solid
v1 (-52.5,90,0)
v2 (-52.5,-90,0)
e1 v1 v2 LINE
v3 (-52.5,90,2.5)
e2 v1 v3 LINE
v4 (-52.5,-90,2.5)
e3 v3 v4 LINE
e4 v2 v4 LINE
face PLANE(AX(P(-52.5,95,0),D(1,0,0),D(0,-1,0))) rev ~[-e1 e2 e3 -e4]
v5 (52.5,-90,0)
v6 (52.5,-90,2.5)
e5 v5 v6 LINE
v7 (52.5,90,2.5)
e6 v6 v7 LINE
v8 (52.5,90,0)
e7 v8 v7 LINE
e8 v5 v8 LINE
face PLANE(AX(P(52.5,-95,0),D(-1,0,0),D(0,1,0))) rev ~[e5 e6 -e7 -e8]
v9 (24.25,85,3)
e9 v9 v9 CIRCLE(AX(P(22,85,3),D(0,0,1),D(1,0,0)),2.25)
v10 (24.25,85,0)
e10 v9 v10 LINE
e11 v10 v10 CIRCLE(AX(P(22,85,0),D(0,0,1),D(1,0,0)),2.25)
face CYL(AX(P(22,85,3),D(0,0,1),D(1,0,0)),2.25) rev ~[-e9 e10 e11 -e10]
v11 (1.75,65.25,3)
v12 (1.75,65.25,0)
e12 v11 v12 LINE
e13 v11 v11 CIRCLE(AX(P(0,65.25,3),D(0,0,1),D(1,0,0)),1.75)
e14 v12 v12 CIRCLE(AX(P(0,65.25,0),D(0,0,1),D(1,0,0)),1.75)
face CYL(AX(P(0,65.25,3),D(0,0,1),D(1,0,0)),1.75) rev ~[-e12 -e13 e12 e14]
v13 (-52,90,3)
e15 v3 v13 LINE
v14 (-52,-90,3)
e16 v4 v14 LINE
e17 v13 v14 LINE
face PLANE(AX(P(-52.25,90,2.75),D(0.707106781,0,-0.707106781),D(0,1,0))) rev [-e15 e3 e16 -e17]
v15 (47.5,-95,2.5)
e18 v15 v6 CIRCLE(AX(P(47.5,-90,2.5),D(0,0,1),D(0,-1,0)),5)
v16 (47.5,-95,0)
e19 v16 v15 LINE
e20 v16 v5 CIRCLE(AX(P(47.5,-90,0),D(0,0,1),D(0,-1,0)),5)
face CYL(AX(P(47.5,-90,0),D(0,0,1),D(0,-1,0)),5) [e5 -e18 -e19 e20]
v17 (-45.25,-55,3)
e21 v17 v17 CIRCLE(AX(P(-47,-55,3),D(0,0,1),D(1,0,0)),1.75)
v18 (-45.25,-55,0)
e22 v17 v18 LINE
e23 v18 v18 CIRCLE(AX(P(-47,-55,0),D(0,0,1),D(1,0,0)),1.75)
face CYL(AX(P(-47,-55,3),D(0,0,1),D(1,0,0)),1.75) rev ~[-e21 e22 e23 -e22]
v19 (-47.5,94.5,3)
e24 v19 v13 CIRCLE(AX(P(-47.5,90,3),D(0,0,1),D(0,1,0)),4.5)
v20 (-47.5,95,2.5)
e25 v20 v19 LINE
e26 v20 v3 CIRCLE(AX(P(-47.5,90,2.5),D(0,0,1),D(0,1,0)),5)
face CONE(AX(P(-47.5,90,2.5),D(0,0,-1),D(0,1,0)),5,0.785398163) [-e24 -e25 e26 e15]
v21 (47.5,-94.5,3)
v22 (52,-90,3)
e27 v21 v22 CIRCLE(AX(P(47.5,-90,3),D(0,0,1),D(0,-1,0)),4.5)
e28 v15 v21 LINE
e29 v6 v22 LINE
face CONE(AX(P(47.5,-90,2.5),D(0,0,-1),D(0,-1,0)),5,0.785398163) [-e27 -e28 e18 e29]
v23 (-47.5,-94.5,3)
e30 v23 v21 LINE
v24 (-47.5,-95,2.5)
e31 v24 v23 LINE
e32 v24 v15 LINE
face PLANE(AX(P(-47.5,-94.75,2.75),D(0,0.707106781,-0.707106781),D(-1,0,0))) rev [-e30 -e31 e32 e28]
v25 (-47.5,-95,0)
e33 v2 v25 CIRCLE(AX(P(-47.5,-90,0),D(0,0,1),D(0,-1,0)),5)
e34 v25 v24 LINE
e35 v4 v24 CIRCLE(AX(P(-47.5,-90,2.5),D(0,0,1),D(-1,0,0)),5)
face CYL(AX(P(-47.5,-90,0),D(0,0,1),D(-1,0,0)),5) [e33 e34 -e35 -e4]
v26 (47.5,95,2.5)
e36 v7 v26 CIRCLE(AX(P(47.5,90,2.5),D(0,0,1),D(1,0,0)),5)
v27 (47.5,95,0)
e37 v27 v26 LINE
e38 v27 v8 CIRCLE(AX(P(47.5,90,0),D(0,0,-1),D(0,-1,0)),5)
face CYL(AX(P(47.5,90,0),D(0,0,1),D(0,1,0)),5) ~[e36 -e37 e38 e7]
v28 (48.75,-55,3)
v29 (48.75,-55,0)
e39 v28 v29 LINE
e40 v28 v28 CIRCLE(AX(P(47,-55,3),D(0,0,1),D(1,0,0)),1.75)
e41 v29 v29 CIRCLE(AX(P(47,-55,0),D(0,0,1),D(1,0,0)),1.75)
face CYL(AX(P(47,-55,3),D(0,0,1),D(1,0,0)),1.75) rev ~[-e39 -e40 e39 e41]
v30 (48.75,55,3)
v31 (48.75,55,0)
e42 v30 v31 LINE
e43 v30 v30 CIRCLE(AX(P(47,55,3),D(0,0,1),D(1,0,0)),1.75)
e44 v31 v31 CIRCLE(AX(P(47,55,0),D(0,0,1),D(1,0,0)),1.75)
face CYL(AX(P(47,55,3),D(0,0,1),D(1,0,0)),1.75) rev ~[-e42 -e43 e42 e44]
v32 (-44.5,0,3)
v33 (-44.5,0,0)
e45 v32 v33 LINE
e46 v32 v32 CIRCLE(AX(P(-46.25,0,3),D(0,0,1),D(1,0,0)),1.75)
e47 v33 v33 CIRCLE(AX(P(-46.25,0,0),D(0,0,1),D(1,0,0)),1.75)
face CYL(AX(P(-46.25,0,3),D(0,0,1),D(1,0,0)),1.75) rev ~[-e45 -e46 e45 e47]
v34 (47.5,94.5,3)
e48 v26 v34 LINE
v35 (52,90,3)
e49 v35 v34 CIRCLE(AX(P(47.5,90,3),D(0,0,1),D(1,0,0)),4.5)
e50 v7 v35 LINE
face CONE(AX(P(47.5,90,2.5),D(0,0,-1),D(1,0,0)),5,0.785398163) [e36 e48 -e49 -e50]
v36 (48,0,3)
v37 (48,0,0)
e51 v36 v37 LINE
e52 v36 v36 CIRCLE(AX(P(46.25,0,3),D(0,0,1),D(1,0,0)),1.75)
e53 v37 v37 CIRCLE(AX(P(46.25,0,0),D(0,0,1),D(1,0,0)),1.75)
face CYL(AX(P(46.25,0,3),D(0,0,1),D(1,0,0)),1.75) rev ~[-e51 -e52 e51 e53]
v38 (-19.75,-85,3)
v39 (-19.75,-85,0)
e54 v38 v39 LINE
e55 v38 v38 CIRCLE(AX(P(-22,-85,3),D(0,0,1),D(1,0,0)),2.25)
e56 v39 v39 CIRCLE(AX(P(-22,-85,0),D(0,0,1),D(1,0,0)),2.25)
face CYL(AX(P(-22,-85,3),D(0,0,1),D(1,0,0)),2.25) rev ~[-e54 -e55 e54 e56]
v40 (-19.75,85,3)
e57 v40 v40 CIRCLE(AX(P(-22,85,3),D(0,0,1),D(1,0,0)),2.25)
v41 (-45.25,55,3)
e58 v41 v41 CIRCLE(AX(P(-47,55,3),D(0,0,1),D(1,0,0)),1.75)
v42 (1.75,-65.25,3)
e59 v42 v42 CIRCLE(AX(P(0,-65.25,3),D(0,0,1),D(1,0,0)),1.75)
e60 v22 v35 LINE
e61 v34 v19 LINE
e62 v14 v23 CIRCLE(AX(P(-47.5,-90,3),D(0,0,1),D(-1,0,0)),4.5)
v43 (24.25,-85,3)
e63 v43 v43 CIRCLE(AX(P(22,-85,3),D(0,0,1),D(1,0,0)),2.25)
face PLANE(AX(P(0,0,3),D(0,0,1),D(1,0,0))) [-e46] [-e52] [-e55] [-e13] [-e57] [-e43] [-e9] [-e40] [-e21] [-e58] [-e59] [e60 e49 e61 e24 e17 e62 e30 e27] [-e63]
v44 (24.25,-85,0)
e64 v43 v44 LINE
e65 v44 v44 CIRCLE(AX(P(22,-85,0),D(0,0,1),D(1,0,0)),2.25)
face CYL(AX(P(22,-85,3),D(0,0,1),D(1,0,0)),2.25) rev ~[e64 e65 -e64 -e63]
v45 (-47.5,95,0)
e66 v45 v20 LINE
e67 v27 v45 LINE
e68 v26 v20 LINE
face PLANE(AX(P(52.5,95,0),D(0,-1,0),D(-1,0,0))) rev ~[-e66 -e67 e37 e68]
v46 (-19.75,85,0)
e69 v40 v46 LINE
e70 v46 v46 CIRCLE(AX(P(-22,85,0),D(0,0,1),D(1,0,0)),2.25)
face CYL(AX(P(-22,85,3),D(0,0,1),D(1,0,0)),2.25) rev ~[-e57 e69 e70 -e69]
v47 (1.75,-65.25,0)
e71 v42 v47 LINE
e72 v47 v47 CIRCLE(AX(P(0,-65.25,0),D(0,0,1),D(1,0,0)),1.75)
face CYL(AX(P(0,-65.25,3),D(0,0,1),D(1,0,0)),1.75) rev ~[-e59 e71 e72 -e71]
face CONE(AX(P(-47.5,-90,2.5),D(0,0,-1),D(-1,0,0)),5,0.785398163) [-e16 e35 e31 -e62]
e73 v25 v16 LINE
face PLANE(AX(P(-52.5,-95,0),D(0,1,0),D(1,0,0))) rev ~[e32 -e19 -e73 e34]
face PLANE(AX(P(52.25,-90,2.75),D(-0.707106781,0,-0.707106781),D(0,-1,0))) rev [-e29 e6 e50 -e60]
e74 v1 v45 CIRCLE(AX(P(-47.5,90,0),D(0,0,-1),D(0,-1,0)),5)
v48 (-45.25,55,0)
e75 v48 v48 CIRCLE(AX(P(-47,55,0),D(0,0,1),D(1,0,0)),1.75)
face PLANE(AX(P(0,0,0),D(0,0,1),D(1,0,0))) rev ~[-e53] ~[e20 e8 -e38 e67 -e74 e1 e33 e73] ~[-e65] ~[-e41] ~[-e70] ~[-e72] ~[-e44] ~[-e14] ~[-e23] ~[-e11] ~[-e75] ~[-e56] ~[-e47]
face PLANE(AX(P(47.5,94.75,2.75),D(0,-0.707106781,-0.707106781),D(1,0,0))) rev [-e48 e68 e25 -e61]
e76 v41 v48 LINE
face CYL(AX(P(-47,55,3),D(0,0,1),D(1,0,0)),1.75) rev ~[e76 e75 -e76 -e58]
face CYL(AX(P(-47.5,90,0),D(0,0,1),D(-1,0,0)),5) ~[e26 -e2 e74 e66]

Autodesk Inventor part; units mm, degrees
ref_plane "YZ Plane" through (0, 0, 0) normal (1, 0, 0) x (0, 1, 0)
ref_plane "XZ Plane" through (0, 0, 0) normal (0, 1, 0) x (-1, 0, 0)
ref_plane "XY Plane" through (0, 0, 0) normal (0, 0, 1) x (1, 0, 0)
sketch "Sketch1" plane through (0, 0, 0) normal (0, 0, 1) x (1, 0, 0)
  line L0 (-52.5, -95) -> (52.5, -95)
  line L1 (52.5, -95) -> (52.5, 95)
  line L2 (52.5, 95) -> (-52.5, 95)
  line L3 (-52.5, 95) -> (-52.5, -95)
  line L4 (-52.5, -95) -> (52.5, 95) construction
  line L5 (52.5, -95) -> (-52.5, 95) construction
  point P0 (0, 0)
  dimension "d0" = 190
  dimension "d1" = 105
extrude "Extrusion1" add sketch "Sketch1" along normal blind 3
sketch "Sketch2" plane through (0, 0, 3) normal (0, 0, 1) x (1, 0, 0)
  circle A0 centre (-47, 55) radius 1.75
  line L0 (-52.5, 95) -> (-52.5, -95) construction
  line L1 (-73.5, 0) -> (73.5, 0) projected
  line L2 (0, 133) -> (0, -133) projected
  circle A1 centre (47, 55) radius 1.75
  circle A2 centre (-47, -55) radius 1.75
  circle A3 centre (47, -55) radius 1.75
  point P0 (0, 0)
  point P1 (52.5, 95)
  point P2 (52.5, -95)
  dimension "d6" = 47
  dimension "d7" = 3.5
  dimension "d8" = 55
extrude "Extrusion2" cut sketch "Sketch2" against normal blind 3
sketch "Sketch3" plane through (0, 0, 3) normal (0, 0, 1) x (1, 0, 0)
  circle A0 centre (-22, 85) radius 2.25
  line L0 (52.5, 95) -> (-52.5, 95) construction
  line L1 (0, 133) -> (0, -133) projected
  line L2 (-73.5, 0) -> (73.5, 0) projected
  circle A1 centre (22, 85) radius 2.25
  circle A2 centre (-22, -85) radius 2.25
  line L3 (52.5, -95) -> (-52.5, -95) construction
  circle A3 centre (22, -85) radius 2.25
  point P0 (0, 0)
  dimension "d11" = 10
  dimension "d12" = 4.5
extrude "Extrusion3" cut sketch "Sketch3" against normal blind 3
sketch "Sketch4" plane through (0, 0, 3) normal (0, 0, 1) x (1, 0, 0)
  line L0 (-40, -59) -> (40, -59) construction
  line L1 (40, -59) -> (40, 59) construction
  line L2 (40, 59) -> (-40, 59) construction
  line L3 (-40, 59) -> (-40, -59) construction
  line L4 (-40, -59) -> (40, 59) construction
  line L5 (40, -59) -> (-40, 59) construction
  line L6 (-73.5, 0) -> (73.5, 0) construction
  line L7 (0, -133) -> (0, 133) construction
  circle A0 centre (0, 65.25) radius 1.75
  circle A1 centre (-46.25, 0) radius 1.75
  circle A2 centre (0, -65.25) radius 1.75
  circle A3 centre (46.25, 0) radius 1.75
  line L8 (-52.5, 95) -> (-52.5, -95) projected
  circle A4 centre (-47, -55) radius 1.75 projected
  circle A5 centre (-47, 55) radius 1.75 projected
  point P0 (0, 0)
  dimension "d15" = 80
  dimension "d16" = 118
  dimension "d17" = 3.5
  dimension "d18" = 3.5
  dimension "d19" = 12.5
  dimension "d21" = 6.25
  dimension "d24" = 6.25
  dimension "d29" = 110
extrude "Extrusion4" cut sketch "Sketch4" against normal blind 3 contours A0 | A1 | A2 | A3
fillet "Fillet1" radius 5 4 edges at (-52.5, -95, 1.5) (52.5, -95, 1.5) (52.5, 95, 1.5) (-52.5, 95, 1.5)
chamfer "Chamfer1" distance 0.5 angle 45 8 edges at (-52.5, 0, 3) (-51.0355, -93.5355, 3) (0, -95, 3) (51.0355, -93.5355, 3) (52.5, 0, 3) (51.0355, 93.5355, 3) (0, 95, 3) (-51.0355, 93.5355, 3)
equation "\"d18\" = d17"
equation "\"d21\" = d24"
equation "\"d24\" = 0.5 * d19"
properties part number "BatteryHolderBottom"
